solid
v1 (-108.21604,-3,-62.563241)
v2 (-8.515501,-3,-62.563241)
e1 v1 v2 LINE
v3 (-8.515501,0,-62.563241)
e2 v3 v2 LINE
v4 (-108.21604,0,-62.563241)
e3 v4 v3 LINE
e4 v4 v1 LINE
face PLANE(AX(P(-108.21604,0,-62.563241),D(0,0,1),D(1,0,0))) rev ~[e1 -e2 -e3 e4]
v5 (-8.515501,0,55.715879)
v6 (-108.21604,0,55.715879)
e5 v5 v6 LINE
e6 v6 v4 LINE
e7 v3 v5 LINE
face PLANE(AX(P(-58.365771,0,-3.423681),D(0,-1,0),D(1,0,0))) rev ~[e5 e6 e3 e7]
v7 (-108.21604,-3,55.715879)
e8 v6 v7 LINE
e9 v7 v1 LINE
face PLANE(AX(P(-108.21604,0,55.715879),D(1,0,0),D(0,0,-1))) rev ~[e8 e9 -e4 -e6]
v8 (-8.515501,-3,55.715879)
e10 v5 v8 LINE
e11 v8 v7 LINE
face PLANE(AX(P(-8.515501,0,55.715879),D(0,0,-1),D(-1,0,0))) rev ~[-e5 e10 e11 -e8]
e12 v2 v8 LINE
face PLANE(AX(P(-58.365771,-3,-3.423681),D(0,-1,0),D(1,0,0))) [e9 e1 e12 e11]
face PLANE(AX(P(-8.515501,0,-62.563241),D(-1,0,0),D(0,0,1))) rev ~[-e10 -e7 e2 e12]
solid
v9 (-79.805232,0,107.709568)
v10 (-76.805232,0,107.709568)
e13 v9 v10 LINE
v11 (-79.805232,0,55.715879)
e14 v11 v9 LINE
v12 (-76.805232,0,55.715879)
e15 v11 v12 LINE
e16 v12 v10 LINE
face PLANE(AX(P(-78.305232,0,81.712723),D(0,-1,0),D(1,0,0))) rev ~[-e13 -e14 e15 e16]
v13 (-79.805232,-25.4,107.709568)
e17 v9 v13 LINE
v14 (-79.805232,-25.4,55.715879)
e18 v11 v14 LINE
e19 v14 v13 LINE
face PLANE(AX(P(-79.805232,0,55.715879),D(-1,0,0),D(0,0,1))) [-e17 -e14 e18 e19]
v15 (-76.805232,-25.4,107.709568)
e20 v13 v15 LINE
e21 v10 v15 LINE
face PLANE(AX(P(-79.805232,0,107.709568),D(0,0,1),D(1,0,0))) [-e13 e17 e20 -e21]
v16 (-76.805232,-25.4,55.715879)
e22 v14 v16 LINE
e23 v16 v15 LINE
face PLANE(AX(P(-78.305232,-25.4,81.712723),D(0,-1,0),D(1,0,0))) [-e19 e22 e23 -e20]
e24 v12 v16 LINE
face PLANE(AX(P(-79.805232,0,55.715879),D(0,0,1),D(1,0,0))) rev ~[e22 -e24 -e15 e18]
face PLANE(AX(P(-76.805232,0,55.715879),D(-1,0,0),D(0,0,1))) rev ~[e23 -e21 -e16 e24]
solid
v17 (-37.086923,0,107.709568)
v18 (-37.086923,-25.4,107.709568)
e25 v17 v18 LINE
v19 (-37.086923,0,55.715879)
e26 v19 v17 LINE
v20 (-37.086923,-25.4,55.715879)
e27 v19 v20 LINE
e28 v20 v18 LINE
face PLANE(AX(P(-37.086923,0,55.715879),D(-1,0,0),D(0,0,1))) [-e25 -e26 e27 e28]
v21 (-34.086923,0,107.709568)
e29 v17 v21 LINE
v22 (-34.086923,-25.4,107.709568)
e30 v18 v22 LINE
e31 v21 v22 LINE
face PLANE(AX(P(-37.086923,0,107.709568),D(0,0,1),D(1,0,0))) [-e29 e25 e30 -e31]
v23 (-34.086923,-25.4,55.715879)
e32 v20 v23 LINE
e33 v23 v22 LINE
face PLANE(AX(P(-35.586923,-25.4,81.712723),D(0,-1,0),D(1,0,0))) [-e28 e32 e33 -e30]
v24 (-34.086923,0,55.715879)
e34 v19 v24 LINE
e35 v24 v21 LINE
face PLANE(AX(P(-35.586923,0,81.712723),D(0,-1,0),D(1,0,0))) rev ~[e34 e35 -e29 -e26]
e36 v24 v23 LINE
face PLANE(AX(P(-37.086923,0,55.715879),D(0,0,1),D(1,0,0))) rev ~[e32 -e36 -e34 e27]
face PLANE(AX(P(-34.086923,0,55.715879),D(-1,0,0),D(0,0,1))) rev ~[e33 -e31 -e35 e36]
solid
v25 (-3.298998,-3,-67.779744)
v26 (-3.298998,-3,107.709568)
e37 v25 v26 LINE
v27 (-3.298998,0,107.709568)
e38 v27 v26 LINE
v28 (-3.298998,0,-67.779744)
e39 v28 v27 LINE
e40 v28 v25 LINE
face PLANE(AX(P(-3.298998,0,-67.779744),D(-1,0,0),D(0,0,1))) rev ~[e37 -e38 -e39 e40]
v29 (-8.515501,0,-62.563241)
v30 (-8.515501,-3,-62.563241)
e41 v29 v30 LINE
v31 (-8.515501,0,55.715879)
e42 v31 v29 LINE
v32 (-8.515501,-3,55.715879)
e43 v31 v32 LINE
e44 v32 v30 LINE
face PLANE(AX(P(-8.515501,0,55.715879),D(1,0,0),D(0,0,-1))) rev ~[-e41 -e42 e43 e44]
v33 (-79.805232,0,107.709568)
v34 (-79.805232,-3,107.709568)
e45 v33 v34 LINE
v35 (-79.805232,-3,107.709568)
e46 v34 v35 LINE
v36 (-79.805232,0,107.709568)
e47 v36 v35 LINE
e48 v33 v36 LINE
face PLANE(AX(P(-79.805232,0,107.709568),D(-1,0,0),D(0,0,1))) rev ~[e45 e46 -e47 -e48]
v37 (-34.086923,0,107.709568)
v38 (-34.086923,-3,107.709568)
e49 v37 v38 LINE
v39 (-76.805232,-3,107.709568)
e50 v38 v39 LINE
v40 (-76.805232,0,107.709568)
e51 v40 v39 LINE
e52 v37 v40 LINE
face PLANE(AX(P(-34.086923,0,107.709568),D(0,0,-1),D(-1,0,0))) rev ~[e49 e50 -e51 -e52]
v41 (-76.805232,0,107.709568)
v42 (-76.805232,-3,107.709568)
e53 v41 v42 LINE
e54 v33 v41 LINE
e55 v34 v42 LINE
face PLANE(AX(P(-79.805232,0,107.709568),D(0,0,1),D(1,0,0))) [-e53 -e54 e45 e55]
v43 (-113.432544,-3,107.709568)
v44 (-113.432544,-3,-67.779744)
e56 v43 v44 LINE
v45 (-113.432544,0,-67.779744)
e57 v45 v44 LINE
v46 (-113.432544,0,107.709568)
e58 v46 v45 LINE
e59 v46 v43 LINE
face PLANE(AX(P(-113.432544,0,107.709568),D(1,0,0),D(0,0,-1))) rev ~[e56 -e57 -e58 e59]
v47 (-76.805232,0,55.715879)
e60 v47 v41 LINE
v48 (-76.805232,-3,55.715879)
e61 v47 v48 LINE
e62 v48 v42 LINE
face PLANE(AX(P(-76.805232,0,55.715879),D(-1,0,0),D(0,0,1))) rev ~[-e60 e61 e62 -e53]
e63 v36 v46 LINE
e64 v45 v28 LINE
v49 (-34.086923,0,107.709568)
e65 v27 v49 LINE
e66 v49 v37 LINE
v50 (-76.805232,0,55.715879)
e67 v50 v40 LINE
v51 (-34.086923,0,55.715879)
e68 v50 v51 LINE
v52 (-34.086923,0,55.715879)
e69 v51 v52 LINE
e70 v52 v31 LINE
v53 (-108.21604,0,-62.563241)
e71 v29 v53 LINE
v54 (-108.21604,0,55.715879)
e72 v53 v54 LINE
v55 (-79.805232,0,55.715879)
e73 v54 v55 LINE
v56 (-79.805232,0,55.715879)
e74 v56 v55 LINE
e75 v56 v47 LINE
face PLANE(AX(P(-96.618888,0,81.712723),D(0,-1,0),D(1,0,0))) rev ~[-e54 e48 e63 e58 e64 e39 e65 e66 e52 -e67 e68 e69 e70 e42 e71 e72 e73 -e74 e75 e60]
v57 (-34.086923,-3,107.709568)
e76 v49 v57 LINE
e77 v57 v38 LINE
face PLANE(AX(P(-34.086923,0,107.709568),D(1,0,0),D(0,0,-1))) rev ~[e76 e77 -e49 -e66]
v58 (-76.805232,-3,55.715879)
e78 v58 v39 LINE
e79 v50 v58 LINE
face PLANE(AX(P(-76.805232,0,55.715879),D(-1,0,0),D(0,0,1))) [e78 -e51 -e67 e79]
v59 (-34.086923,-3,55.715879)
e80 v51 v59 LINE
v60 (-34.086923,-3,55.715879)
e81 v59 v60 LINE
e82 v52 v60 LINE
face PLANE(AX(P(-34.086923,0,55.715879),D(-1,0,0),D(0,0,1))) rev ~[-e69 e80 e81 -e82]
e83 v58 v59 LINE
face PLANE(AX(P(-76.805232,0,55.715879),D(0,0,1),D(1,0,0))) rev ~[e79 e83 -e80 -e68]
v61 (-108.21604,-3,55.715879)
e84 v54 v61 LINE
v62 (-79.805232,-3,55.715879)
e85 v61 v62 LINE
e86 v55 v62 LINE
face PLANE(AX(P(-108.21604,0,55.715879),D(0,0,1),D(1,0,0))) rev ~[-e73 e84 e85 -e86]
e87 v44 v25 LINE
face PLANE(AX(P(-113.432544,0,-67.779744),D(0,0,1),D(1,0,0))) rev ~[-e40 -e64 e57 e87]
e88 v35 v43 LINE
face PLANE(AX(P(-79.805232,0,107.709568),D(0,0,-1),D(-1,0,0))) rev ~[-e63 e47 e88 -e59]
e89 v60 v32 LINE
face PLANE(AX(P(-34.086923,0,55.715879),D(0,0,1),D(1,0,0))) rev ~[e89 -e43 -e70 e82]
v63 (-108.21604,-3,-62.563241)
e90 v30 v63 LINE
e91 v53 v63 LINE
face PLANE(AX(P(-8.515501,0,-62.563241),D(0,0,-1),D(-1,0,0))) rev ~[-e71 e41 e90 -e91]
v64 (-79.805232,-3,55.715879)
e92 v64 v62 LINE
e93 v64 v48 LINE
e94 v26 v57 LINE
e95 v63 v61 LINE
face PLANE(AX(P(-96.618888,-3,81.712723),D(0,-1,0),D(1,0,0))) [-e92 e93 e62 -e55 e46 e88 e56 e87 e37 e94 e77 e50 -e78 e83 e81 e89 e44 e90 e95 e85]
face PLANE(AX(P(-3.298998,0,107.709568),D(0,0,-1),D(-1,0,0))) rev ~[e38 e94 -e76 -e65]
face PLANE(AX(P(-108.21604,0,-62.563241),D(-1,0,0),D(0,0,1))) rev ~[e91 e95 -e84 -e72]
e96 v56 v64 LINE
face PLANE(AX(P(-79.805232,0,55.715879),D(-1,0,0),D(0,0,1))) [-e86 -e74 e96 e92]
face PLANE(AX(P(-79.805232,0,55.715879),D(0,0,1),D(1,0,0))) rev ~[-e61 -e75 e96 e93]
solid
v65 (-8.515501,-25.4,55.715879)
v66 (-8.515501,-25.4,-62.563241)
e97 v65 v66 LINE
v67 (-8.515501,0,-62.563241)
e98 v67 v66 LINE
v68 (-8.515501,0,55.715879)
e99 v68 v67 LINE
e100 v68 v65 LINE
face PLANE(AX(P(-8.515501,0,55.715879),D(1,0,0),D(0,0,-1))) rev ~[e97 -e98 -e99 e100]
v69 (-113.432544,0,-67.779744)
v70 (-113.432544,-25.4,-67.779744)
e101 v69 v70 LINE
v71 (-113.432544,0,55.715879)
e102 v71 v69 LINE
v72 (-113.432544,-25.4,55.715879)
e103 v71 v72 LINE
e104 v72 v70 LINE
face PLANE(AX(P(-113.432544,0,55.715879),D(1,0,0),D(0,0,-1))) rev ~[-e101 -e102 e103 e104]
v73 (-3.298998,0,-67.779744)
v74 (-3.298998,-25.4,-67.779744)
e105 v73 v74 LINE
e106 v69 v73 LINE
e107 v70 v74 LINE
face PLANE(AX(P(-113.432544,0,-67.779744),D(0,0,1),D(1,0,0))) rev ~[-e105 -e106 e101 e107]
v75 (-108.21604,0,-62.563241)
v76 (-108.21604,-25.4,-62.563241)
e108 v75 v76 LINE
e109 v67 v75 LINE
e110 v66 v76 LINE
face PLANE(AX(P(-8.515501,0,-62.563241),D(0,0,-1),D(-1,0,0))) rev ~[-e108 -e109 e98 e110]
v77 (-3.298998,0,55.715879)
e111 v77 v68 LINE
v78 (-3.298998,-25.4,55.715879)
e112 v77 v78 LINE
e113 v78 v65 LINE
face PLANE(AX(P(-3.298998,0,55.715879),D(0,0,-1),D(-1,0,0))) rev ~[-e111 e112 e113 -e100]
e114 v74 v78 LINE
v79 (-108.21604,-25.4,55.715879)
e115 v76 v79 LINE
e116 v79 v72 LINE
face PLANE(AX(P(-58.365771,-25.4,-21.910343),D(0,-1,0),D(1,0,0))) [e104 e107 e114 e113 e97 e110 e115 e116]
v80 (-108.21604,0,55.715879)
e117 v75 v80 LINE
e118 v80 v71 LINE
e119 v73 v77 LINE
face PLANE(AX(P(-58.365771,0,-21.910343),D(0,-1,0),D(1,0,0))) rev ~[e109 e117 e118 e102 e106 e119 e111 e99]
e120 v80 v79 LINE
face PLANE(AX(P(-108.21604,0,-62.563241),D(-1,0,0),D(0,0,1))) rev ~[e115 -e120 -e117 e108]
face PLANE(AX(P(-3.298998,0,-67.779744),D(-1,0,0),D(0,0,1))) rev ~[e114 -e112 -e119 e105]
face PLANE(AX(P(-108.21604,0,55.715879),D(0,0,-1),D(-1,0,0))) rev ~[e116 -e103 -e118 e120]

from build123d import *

# Parameters (mm, degrees)
F0_W     = 3
F0_H     = 51.993689
F1_DEPTH = 25.4
F0_W_2   = 39.718309
F2_DEPTH = 3
F3_DEPTH = 3


with BuildPart() as f1:
    # F0 (on Front) → F1 (new body)
    with BuildSketch(Plane.XZ):
        with Locations((-78.305232, 81.712723)):
            Rectangle(F0_W, F0_H)
        with Locations((-35.586923, 81.712723)):
            Rectangle(F0_W, F0_H)
        Polygon((-108.21604, 55.715879), (-113.432544, 55.715879), (-113.432544, -67.779744), (-3.298998, -67.779744), (-3.298998, 55.715879), (-8.515501, 55.715879), (-8.515501, -62.563241), (-108.21604, -62.563241), align=None)
    extrude(amount=F1_DEPTH)


with BuildPart() as f2:
    # F0 (on Front) → F2 (new body)
    with BuildSketch(Plane.XZ):
        Polygon((-79.805232, 107.709568), (-113.432544, 107.709568), (-113.432544, 55.715879), (-108.21604, 55.715879), (-79.805232, 55.715879), align=None)
        with Locations((-78.305232, 81.712723)):
            Rectangle(F0_W, F0_H)
        Polygon((-108.21604, 55.715879), (-113.432544, 55.715879), (-113.432544, -67.779744), (-3.298998, -67.779744), (-3.298998, 55.715879), (-8.515501, 55.715879), (-8.515501, -62.563241), (-108.21604, -62.563241), align=None)
        with Locations((-56.946077, 81.712723)):
            Rectangle(F0_W_2, F0_H)
        with Locations((-35.586923, 81.712723)):
            Rectangle(F0_W, F0_H)
        Polygon((-3.298998, 107.709568), (-34.086923, 107.709568), (-34.086923, 55.715879), (-8.515501, 55.715879), (-3.298998, 55.715879), align=None)
    extrude(amount=F2_DEPTH)


with BuildPart() as f3:
    # F0 (on Front) → F3 (new body)
    with BuildSketch(Plane.XZ):
        Polygon((-76.805232, 55.715879), (-79.805232, 55.715879), (-108.21604, 55.715879), (-108.21604, -62.563241), (-8.515501, -62.563241), (-8.515501, 55.715879), (-34.086923, 55.715879), (-37.086923, 55.715879), align=None)
    extrude(amount=F3_DEPTH)


solid = Compound([f1.part, f2.part, f3.part])
